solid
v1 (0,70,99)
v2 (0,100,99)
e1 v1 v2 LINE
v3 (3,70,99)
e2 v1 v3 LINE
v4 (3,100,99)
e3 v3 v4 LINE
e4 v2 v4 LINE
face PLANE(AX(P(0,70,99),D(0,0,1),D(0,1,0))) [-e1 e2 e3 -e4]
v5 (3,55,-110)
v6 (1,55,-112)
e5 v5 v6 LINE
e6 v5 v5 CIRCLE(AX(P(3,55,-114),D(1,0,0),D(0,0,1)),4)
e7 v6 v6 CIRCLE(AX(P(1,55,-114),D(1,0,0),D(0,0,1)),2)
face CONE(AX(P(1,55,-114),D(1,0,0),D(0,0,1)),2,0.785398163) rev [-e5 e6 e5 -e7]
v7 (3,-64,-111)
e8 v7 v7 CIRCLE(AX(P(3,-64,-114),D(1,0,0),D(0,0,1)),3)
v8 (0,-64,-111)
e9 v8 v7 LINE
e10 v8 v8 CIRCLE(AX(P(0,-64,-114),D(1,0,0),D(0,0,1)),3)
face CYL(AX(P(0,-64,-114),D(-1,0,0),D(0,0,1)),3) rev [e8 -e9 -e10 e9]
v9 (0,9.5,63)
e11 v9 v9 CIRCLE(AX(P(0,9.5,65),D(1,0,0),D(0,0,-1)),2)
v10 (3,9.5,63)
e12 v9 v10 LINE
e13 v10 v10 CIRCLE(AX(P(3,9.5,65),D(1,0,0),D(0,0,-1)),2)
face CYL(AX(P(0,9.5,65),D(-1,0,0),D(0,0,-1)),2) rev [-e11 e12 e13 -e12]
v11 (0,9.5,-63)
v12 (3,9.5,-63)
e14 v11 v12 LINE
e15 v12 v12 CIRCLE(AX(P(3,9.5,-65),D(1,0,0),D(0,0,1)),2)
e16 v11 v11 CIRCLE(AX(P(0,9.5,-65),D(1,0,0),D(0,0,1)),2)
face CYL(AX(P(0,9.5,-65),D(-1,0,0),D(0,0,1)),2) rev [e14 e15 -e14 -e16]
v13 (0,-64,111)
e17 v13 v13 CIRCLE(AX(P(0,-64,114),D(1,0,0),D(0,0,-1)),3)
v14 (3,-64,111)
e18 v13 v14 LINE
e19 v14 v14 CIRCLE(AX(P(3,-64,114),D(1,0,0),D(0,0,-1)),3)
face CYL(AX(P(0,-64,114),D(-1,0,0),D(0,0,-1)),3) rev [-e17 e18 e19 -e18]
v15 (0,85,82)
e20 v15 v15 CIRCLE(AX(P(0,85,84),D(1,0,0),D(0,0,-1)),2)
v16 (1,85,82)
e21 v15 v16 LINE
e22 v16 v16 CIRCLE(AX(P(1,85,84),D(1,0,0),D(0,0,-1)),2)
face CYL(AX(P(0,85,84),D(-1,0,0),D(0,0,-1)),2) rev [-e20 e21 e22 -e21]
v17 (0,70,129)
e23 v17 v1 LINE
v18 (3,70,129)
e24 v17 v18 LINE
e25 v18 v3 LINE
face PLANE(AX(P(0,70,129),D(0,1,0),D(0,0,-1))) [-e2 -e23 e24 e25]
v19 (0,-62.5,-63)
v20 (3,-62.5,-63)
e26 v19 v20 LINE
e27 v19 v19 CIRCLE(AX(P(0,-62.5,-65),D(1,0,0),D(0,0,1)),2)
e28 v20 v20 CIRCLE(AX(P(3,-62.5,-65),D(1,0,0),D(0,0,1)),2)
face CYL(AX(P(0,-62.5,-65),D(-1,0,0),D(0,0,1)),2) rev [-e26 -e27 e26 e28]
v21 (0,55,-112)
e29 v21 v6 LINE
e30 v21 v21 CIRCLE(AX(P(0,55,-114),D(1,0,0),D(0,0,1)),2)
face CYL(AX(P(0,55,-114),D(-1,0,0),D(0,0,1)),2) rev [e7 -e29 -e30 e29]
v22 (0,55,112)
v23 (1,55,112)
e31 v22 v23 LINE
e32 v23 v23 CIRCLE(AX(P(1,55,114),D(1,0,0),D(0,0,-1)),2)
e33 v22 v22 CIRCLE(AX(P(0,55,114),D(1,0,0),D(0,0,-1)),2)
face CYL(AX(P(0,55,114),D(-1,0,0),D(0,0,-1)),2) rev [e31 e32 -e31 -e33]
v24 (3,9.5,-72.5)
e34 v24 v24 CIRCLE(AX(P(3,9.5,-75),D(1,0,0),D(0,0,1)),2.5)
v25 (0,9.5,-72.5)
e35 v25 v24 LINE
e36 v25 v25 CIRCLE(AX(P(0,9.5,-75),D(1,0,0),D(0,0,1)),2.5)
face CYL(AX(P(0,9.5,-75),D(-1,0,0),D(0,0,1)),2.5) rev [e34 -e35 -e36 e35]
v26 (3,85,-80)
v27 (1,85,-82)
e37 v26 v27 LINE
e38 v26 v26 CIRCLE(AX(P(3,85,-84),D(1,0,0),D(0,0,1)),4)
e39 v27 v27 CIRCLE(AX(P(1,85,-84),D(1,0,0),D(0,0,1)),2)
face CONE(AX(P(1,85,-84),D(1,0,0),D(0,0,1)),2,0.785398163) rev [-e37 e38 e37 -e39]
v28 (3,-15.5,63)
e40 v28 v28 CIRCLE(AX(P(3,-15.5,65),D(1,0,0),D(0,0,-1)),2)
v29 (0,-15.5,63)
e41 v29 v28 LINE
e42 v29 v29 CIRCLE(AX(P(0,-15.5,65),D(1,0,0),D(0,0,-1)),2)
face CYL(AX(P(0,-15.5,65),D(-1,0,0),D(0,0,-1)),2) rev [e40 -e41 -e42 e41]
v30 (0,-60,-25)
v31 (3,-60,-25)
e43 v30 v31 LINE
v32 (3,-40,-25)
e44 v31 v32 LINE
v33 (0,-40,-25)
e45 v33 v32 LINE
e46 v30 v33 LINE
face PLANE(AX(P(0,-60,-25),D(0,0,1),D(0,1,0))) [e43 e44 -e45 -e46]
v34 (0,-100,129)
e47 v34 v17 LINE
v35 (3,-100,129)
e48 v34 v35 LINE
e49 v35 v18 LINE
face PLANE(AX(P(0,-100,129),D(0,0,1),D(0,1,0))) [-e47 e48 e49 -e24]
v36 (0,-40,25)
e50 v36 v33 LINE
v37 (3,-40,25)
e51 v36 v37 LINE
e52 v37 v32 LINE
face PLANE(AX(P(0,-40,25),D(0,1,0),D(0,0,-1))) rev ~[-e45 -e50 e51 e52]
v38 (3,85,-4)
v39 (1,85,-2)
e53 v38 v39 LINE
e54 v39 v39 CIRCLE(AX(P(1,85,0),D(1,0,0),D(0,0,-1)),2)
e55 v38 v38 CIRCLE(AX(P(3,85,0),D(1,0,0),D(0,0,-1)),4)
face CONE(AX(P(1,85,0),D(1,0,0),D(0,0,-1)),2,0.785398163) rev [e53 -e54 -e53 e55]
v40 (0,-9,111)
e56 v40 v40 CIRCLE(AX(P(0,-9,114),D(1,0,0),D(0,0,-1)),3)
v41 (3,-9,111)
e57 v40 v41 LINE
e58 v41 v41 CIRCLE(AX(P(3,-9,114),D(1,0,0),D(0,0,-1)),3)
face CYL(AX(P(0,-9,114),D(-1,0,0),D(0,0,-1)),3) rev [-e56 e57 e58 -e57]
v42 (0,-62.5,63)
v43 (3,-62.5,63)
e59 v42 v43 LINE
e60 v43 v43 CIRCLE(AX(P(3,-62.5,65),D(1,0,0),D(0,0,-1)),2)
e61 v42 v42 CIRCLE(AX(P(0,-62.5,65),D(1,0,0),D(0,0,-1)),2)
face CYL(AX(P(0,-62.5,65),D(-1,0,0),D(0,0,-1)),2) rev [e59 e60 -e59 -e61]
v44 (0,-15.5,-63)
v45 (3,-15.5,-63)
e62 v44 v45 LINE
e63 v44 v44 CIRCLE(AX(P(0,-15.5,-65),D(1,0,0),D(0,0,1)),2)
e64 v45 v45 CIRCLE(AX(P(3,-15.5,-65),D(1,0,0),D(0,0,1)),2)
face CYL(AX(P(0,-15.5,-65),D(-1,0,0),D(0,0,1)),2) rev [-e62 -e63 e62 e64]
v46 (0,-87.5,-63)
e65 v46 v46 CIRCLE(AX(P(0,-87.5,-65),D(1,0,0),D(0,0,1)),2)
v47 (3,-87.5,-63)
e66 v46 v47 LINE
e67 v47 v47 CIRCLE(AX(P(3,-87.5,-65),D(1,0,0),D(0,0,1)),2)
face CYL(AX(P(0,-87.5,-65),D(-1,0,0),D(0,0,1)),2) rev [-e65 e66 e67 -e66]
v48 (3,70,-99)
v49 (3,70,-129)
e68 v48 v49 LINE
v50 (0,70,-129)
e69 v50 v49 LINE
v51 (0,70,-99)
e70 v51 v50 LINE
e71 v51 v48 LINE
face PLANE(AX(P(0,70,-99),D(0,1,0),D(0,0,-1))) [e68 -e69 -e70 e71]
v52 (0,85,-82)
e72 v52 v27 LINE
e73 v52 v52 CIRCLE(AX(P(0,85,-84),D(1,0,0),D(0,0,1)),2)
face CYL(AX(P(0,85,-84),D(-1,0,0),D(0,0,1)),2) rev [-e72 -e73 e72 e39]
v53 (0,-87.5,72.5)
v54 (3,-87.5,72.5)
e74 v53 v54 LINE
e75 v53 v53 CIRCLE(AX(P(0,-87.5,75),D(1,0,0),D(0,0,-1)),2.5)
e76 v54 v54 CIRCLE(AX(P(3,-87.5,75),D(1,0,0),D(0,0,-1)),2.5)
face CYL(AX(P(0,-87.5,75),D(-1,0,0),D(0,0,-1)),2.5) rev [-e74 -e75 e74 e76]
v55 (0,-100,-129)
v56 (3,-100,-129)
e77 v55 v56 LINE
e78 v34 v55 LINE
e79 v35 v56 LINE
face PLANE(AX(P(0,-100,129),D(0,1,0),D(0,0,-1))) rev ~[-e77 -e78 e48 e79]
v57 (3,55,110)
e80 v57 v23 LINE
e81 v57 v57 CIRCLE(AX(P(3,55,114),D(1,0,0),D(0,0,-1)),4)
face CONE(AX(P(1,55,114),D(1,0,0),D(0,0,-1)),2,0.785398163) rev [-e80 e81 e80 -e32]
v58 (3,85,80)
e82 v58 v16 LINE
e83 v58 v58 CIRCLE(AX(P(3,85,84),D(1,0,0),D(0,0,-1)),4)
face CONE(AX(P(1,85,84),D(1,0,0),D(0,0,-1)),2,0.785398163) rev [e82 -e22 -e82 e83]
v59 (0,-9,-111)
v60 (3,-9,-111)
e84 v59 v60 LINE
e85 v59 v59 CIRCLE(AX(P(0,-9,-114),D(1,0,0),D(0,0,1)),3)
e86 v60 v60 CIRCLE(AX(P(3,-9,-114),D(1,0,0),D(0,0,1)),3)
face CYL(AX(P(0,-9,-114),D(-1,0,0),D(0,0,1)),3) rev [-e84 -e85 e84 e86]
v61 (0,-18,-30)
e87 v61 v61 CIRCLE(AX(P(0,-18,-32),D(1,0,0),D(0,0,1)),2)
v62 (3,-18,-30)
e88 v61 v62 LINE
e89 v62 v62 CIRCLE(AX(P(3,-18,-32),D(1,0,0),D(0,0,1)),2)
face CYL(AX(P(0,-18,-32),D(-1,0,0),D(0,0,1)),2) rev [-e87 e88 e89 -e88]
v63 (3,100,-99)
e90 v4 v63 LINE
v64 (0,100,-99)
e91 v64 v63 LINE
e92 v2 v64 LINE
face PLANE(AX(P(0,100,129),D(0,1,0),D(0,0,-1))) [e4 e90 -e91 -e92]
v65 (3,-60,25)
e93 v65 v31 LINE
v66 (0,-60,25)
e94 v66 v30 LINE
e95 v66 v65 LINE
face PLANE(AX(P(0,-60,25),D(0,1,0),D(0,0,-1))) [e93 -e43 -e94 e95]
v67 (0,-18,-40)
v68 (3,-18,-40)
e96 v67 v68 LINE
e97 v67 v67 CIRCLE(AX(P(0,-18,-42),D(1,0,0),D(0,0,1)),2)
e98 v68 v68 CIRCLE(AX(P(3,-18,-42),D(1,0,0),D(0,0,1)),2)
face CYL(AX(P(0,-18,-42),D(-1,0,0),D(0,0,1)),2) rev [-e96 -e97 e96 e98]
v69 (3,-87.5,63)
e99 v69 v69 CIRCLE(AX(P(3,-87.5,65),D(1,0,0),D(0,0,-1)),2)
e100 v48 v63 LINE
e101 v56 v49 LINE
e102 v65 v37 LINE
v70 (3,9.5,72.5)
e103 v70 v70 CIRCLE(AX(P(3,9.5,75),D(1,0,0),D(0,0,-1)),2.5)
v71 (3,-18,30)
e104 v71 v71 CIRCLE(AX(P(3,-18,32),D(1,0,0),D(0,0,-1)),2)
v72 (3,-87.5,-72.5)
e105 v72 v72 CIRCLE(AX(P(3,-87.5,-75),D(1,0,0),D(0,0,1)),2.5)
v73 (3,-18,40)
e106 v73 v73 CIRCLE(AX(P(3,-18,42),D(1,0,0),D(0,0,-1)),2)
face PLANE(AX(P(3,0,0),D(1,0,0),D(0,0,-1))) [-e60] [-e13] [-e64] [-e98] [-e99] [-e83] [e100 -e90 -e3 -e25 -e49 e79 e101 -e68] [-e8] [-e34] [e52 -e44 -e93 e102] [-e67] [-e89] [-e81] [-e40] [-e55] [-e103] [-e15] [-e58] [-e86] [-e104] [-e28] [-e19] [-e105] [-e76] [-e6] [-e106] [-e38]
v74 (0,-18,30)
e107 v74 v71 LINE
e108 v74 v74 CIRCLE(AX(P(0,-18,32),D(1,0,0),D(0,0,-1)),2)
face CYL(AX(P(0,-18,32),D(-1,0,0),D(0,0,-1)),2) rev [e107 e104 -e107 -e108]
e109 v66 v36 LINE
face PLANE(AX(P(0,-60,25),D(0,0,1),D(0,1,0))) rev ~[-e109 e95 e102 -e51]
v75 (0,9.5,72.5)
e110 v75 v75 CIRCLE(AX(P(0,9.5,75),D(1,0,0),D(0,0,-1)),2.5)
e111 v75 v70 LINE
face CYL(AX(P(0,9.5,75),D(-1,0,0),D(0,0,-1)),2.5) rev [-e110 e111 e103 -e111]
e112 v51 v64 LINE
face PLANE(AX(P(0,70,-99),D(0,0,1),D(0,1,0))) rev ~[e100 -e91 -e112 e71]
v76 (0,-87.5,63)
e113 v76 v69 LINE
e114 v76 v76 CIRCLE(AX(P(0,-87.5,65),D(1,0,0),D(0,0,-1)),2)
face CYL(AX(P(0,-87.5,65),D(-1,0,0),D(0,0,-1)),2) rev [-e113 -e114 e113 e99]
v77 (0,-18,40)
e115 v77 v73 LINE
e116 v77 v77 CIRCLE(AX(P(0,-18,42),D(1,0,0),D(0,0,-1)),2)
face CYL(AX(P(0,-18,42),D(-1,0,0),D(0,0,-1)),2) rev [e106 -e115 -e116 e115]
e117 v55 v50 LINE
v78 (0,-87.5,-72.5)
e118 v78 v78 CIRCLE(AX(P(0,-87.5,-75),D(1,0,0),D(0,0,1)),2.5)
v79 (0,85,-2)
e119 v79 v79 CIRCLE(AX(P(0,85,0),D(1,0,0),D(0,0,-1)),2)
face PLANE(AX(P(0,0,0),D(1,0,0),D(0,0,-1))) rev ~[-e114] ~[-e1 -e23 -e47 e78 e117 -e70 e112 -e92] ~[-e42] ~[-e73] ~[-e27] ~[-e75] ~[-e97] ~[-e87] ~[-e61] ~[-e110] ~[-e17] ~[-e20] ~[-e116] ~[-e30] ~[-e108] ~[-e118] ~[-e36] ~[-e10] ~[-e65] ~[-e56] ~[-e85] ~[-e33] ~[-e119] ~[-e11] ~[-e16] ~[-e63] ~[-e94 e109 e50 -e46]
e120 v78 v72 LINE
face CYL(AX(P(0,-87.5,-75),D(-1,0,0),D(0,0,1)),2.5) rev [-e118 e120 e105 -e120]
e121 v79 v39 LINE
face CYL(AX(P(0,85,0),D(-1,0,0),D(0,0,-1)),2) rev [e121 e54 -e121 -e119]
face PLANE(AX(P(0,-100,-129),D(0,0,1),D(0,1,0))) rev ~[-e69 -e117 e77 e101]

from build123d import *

# Parameters (mm, degrees)
SKETCH_1_W          = 258
SKETCH_1_H          = 200
EXTRUDE_1_DEPTH     = 3
SKETCH_2_R          = 3
SKETCH_2_R_2        = 2
SKETCH_2_R_3        = 2.5
SKETCH_2_W          = 30
SKETCH_2_H          = 30
SKETCH_2_W_2        = 50
SKETCH_2_H_2        = 20
CUT_EXTRUDE_2_DEPTH = 3
CHAMFER_2_SIZE      = 2


with BuildPart() as part:
    # 草图1 → 凸台-拉伸1 (new body)
    with BuildSketch(Plane(origin=(0, 0, 0), x_dir=(0, 0, -1), z_dir=(1, 0, 0))):
        Rectangle(SKETCH_1_W, SKETCH_1_H)
    extrude(amount=EXTRUDE_1_DEPTH)

    # 草图2 → 切除-拉伸2 (cut)
    with BuildSketch(Plane(origin=(0, 0, 0), x_dir=(0, 0, -1), z_dir=(1, 0, 0))):
        with Locations((-114, -9)):
            Circle(SKETCH_2_R)
        with Locations((-114, -64)):
            Circle(SKETCH_2_R)
        with Locations(Location((114, -64, 0), (0, 0, 180))):
            Circle(SKETCH_2_R)
        with Locations(Location((114, -9, 0), (0, 0, 180))):
            Circle(SKETCH_2_R)
        with Locations((-32, -18)):
            Circle(SKETCH_2_R_2)
        with Locations(Location((32, -18, 0), (0, 0, 180))):
            Circle(SKETCH_2_R_2)
        with Locations((-42, -18)):
            Circle(SKETCH_2_R_2)
        with Locations(Location((42, -18, 0), (0, 0, 180))):
            Circle(SKETCH_2_R_2)
        with Locations((-75, -87.5)):
            Circle(SKETCH_2_R_3)
        with Locations((-75, 9.5)):
            Circle(SKETCH_2_R_3)
        with Locations(Location((75, -87.5, 0), (0, 0, 180))):
            Circle(SKETCH_2_R_3)
        with Locations(Location((75, 9.5, 0), (0, 0, 180))):
            Circle(SKETCH_2_R_3)
        with Locations((-65, 9.5)):
            Circle(SKETCH_2_R_2)
        with Locations((-65, -15.5)):
            Circle(SKETCH_2_R_2)
        with Locations((-65, -62.5)):
            Circle(SKETCH_2_R_2)
        with Locations((-65, -87.5)):
            Circle(SKETCH_2_R_2)
        with Locations(Location((65, -87.5, 0), (0, 0, 180))):
            Circle(SKETCH_2_R_2)
        with Locations(Location((65, -62.5, 0), (0, 0, 180))):
            Circle(SKETCH_2_R_2)
        with Locations(Location((65, -15.5, 0), (0, 0, 180))):
            Circle(SKETCH_2_R_2)
        with Locations(Location((65, 9.5, 0), (0, 0, 180))):
            Circle(SKETCH_2_R_2)
        with Locations((-114, 55)):
            Circle(SKETCH_2_R_2)
        with Locations((-84, 85)):
            Circle(SKETCH_2_R_2)
        with Locations((0, 85)):
            Circle(SKETCH_2_R_2)
        with Locations(Location((84, 85, 0), (0, 0, 180))):
            Circle(SKETCH_2_R_2)
        with Locations(Location((114, 55, 0), (0, 0, 180))):
            Circle(SKETCH_2_R_2)
        with Locations((114, 85)):
            Rectangle(SKETCH_2_W, SKETCH_2_H)
        with Locations((-114, 85)):
            Rectangle(SKETCH_2_W, SKETCH_2_H)
        with Locations((0, -50)):
            Rectangle(SKETCH_2_W_2, SKETCH_2_H_2)
    extrude(amount=CUT_EXTRUDE_2_DEPTH, mode=Mode.SUBTRACT)

    # 倒角2
    chamfer_2_edges = [part.edges().sort_by_distance(p)[0] for p in [
        (3, 85, 86),
        (3, 85, 2),
        (3, 55, 116),
        (3, 55, -116),
        (3, 85, -86),
    ]]
    chamfer(chamfer_2_edges, length=CHAMFER_2_SIZE)


solid = part.part
